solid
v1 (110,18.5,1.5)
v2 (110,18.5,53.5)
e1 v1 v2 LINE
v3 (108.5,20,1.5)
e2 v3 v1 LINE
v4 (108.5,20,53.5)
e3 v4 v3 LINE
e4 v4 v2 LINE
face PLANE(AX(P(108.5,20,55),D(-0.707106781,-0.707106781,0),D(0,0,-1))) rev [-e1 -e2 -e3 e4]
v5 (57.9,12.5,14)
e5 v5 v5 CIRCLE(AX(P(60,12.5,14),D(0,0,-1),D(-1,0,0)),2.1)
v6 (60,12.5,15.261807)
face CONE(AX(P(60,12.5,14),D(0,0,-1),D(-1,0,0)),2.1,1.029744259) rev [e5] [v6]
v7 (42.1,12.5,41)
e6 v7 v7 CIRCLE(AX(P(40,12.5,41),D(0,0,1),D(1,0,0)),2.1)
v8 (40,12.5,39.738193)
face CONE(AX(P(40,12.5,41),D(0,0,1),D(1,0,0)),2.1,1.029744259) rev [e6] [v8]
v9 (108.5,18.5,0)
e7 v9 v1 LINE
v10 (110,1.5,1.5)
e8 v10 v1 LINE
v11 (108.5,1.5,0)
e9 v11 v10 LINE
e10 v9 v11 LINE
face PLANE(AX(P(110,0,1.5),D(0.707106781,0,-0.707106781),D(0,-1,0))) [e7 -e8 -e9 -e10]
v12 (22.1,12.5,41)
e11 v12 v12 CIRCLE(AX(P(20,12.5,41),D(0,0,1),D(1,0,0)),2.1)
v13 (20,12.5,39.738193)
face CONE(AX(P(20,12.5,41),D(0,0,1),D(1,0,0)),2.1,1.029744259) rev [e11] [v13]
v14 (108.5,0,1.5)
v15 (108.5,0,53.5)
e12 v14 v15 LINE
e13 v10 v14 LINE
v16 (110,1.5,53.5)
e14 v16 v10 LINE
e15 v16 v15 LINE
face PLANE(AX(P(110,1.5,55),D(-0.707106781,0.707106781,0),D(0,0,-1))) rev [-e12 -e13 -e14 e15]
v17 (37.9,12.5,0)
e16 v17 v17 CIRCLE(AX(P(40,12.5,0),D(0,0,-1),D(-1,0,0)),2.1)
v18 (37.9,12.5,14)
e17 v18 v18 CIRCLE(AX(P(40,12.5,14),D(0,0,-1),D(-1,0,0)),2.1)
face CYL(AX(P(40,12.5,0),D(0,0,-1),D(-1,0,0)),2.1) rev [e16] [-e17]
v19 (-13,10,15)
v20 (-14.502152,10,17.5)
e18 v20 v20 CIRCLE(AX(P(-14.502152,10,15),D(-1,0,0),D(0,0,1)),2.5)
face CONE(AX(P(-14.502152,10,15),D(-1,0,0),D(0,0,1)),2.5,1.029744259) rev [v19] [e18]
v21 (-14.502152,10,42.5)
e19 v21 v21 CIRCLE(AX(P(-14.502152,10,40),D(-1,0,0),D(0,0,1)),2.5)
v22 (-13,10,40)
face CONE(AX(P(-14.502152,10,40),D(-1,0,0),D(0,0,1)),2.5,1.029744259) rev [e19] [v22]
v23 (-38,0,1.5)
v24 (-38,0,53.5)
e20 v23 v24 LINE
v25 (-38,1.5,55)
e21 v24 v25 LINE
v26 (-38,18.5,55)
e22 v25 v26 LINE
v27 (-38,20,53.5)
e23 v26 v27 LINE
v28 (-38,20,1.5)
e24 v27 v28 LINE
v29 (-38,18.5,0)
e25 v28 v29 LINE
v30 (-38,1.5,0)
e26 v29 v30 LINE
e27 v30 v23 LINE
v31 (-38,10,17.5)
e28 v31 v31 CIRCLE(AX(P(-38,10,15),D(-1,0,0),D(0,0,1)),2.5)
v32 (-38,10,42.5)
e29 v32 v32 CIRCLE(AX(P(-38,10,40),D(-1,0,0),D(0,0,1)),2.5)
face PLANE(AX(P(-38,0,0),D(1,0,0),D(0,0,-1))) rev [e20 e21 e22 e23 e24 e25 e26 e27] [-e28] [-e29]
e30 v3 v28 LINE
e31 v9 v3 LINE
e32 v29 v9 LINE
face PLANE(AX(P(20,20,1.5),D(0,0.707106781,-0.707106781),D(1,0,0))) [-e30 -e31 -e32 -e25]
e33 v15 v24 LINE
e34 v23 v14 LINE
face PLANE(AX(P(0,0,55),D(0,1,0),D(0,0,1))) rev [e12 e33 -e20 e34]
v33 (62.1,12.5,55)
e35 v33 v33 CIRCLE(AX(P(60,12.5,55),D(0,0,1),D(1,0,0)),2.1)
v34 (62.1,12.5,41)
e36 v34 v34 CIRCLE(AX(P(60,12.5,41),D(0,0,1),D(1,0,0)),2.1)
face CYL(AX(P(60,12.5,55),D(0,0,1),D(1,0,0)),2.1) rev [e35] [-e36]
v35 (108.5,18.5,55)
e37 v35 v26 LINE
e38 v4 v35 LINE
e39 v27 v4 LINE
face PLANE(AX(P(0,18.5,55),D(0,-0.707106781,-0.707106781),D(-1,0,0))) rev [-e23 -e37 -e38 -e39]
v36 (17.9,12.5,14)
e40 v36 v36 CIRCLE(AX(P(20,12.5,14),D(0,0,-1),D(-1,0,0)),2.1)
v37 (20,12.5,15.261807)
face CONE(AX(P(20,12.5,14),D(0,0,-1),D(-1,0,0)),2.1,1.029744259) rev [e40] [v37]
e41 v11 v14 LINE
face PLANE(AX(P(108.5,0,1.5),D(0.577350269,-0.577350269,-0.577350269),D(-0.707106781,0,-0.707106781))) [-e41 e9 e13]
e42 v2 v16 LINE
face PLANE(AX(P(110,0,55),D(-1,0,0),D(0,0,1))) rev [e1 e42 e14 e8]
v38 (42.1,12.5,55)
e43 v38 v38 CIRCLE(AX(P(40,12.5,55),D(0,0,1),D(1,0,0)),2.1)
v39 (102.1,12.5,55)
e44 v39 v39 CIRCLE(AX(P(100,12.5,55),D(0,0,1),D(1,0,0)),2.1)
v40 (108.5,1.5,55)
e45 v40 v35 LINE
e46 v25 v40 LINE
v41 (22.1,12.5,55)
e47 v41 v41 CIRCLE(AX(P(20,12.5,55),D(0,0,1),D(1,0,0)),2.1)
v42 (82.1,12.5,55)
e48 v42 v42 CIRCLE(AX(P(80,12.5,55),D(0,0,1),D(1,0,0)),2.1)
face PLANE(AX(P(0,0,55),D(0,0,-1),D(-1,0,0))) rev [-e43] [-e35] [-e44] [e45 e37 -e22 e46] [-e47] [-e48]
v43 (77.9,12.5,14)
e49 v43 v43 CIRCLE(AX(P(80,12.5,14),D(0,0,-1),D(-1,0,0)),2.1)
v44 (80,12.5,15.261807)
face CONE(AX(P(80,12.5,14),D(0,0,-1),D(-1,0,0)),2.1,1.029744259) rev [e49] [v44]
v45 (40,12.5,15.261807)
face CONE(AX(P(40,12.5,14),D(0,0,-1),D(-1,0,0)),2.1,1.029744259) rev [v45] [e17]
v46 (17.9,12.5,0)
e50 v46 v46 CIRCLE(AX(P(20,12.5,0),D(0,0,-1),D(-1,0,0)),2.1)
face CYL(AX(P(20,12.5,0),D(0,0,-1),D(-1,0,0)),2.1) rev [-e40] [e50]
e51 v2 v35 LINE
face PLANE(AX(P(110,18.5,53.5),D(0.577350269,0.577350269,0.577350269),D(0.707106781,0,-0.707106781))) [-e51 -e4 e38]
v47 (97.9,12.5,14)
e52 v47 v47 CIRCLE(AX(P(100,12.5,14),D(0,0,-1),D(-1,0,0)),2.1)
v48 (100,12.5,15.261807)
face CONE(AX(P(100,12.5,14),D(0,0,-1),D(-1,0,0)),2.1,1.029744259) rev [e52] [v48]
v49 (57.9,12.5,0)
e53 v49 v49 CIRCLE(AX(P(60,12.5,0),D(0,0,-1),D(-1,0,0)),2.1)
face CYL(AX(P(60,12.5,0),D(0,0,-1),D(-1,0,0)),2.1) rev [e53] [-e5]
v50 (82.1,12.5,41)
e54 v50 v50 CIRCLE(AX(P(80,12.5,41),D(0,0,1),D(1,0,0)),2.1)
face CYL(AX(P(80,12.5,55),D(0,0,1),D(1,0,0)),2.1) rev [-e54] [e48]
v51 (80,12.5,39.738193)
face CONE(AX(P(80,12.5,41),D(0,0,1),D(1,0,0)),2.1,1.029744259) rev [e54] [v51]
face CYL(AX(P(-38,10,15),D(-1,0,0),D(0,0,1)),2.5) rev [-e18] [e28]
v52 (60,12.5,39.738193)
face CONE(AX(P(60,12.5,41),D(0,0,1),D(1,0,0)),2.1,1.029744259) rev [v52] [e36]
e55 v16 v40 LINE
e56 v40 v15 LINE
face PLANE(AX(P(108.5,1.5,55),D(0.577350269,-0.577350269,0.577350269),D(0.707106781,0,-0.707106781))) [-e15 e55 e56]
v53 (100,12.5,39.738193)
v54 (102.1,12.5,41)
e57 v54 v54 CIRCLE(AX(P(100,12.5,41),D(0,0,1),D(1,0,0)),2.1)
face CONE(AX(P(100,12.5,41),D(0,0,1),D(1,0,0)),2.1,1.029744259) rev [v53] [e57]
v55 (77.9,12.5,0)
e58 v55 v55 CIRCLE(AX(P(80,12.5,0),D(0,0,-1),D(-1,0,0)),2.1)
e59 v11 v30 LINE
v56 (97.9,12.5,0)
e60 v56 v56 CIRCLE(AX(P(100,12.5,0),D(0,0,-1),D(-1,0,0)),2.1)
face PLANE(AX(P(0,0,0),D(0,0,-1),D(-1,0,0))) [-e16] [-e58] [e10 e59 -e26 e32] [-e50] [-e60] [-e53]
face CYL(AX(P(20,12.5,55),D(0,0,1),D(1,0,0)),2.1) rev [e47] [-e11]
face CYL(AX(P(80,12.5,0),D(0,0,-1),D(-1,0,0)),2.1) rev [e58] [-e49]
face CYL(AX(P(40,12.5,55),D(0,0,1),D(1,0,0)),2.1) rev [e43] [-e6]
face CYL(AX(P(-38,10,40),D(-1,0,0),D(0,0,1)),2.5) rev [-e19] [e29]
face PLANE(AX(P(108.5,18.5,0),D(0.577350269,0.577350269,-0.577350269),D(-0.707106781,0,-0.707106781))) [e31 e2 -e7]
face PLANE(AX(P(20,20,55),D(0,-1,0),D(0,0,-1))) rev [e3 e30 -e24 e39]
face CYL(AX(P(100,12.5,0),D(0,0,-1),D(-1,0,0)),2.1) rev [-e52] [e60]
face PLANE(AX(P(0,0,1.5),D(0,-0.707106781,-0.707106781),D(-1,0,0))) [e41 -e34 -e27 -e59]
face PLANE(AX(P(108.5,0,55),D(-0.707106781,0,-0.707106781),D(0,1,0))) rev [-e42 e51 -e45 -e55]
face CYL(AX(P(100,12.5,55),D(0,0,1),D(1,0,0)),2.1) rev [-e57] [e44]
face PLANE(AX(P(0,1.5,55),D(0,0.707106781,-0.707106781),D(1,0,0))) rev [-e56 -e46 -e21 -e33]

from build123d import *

# Parameters (mm, degrees)
BOSS_EXTRUDE1_DEPTH        = 55
SKETCH2_W                  = 5
SKETCH2_H                  = 70
BOSS_EXTRUDE2_DEPTH        = 5
M5_TAPPED_HOLE1_AT_2_COUNT = 2
M5_TAPPED_HOLE1_AT_2_PITCH = 20
M5_TAPPED_HOLE1_AT_3_COUNT = 2
M5_TAPPED_HOLE1_AT_3_PITCH = 40
M5_TAPPED_HOLE1_AT_4_COUNT = 2
M5_TAPPED_HOLE1_AT_4_PITCH = 60
M5_TAPPED_HOLE1_AT_5_COUNT = 2
M5_TAPPED_HOLE1_AT_5_PITCH = 80
CUT_EXTRUDE1_DEPTH         = 126
SKETCH9_W                  = 55
SKETCH9_H                  = 20
BOSS_EXTRUDE3_DEPTH        = 5
CHAMFER1_SIZE              = 1.5
BOSS_EXTRUDE4_DEPTH        = 50
M6_TAPPED_HOLE2_D          = 5
M6_TAPPED_HOLE2_DEPTH      = 23.497848452
M6_TAPPED_HOLE2_TIP        = 1.502151548


with BuildPart() as part:
    # Sketch1 → Boss-Extrude1 (new body)
    with BuildSketch(Plane.XY):
        Polygon((0, 0), (110, 0), (110, 20), (20, 20), (20, 70), (0, 70), align=None)
    extrude(amount=BOSS_EXTRUDE1_DEPTH)

    # Sketch2 → Boss-Extrude2 (add)
    with BuildSketch(Plane.ZY):
        with Locations((52.5, 35)):
            Rectangle(SKETCH2_W, SKETCH2_H)
        with Locations((2.5, 35)):
            Rectangle(SKETCH2_W, SKETCH2_H)
    extrude(amount=BOSS_EXTRUDE2_DEPTH)

    # Sketch4 → M5 Tapped Hole1 (revolve, cut)
    with BuildSketch(Plane(origin=(100, 12.5, 55), x_dir=(0, -1, 0), z_dir=(1, 0, 0))):
        Polygon((0, 0), (0, 15.2618073), (2.1, 14), (2.1, 0), align=None)
    m5_tapped_hole1 = revolve(axis=Axis((100, 12.5, 61.35), (0, 0, -1)), mode=Mode.SUBTRACT)

    # M5 Tapped Hole1 at 2: M5 Tapped Hole1 ×2
    with Locations(*[(-i * M5_TAPPED_HOLE1_AT_2_PITCH, 0, 0) for i in range(1, M5_TAPPED_HOLE1_AT_2_COUNT)]):
        add(m5_tapped_hole1, mode=Mode.SUBTRACT)

    # M5 Tapped Hole1 at 3: M5 Tapped Hole1 ×2
    with Locations(*[(-i * M5_TAPPED_HOLE1_AT_3_PITCH, 0, 0) for i in range(1, M5_TAPPED_HOLE1_AT_3_COUNT)]):
        add(m5_tapped_hole1, mode=Mode.SUBTRACT)

    # M5 Tapped Hole1 at 4: M5 Tapped Hole1 ×2
    with Locations(*[(-i * M5_TAPPED_HOLE1_AT_4_PITCH, 0, 0) for i in range(1, M5_TAPPED_HOLE1_AT_4_COUNT)]):
        add(m5_tapped_hole1, mode=Mode.SUBTRACT)

    # M5 Tapped Hole1 at 5: M5 Tapped Hole1 ×2
    with Locations(*[(-i * M5_TAPPED_HOLE1_AT_5_PITCH, 0, 0) for i in range(1, M5_TAPPED_HOLE1_AT_5_COUNT)]):
        add(m5_tapped_hole1, mode=Mode.SUBTRACT)

    # Mirror1: M5 Tapped Hole1 across plane
    add(m5_tapped_hole1.mirror(Plane.XY.offset(27.5)), mode=Mode.SUBTRACT)

    # Mirror1 copy 1 sketch → Mirror1 copy 1 (revolve, cut)
    with BuildSketch(Plane(origin=(80, 12.5, 0), x_dir=(0, -1, 0), z_dir=(1, 0, 0))):
        Polygon((0, 0), (0, -15.2618073), (2.1, -14), (2.1, 0), align=None)
    revolve(axis=Axis((80, 12.5, -6.35), (0, 0, -1)), mode=Mode.SUBTRACT)

    # Mirror1 copy 2 sketch → Mirror1 copy 2 (revolve, cut)
    with BuildSketch(Plane(origin=(60, 12.5, 0), x_dir=(0, -1, 0), z_dir=(1, 0, 0))):
        Polygon((0, 0), (0, -15.2618073), (2.1, -14), (2.1, 0), align=None)
    revolve(axis=Axis((60, 12.5, -6.35), (0, 0, -1)), mode=Mode.SUBTRACT)

    # Mirror1 copy 3 sketch → Mirror1 copy 3 (revolve, cut)
    with BuildSketch(Plane(origin=(40, 12.5, 0), x_dir=(0, -1, 0), z_dir=(1, 0, 0))):
        Polygon((0, 0), (0, -15.2618073), (2.1, -14), (2.1, 0), align=None)
    revolve(axis=Axis((40, 12.5, -6.35), (0, 0, -1)), mode=Mode.SUBTRACT)

    # Mirror1 copy 4 sketch → Mirror1 copy 4 (revolve, cut)
    with BuildSketch(Plane(origin=(20, 12.5, 0), x_dir=(0, -1, 0), z_dir=(1, 0, 0))):
        Polygon((0, 0), (0, -15.2618073), (2.1, -14), (2.1, 0), align=None)
    revolve(axis=Axis((20, 12.5, -6.35), (0, 0, -1)), mode=Mode.SUBTRACT)

    # Sketch8 → Cut-Extrude1 (cut)
    with BuildSketch(Plane.XY.offset(55)):
        Polygon((17, 20), (17, 0), (-5, 0), (-5, 70), (20, 70), (20, 20), align=None)
    extrude(amount=-CUT_EXTRUDE1_DEPTH, mode=Mode.SUBTRACT)

    # Sketch9 → Boss-Extrude3 (add)
    with BuildSketch(Plane.ZY.offset(-17)):
        with Locations((27.5, 10)):
            Rectangle(SKETCH9_W, SKETCH9_H)
    extrude(amount=BOSS_EXTRUDE3_DEPTH)

    # Chamfer1
    chamfer1_edges = [part.edges().sort_by_distance(p)[0] for p in [
        (110, 20, 27.5),
        (110, 0, 27.5),
        (110, 10, 55),
        (61, 20, 55),
        (61, 20, 0),
        (110, 10, 0),
        (61, 0, 0),
        (61, 0, 55),
    ]]
    chamfer(chamfer1_edges, length=CHAMFER1_SIZE)

    # Sketch10 → Boss-Extrude4 (add)
    with BuildSketch(Plane.ZY.offset(-12)):
        Polygon((0, 18.5), (1.5, 20), (53.5, 20), (55, 18.5), (55, 1.5), (53.5, 0), (1.5, 0), (0, 1.5), align=None)
    extrude(amount=BOSS_EXTRUDE4_DEPTH)

    # M6 Tapped Hole2
    with Locations(Plane.ZY.offset(38)):
        with Locations((15, 10), (40, 10)):
            Hole(M6_TAPPED_HOLE2_D / 2, depth=M6_TAPPED_HOLE2_DEPTH)
            with Locations((0, 0, -(M6_TAPPED_HOLE2_DEPTH + M6_TAPPED_HOLE2_TIP / 2))):  # 118° drill point
                Cone(0, M6_TAPPED_HOLE2_D / 2, M6_TAPPED_HOLE2_TIP, mode=Mode.SUBTRACT)


solid = part.part
